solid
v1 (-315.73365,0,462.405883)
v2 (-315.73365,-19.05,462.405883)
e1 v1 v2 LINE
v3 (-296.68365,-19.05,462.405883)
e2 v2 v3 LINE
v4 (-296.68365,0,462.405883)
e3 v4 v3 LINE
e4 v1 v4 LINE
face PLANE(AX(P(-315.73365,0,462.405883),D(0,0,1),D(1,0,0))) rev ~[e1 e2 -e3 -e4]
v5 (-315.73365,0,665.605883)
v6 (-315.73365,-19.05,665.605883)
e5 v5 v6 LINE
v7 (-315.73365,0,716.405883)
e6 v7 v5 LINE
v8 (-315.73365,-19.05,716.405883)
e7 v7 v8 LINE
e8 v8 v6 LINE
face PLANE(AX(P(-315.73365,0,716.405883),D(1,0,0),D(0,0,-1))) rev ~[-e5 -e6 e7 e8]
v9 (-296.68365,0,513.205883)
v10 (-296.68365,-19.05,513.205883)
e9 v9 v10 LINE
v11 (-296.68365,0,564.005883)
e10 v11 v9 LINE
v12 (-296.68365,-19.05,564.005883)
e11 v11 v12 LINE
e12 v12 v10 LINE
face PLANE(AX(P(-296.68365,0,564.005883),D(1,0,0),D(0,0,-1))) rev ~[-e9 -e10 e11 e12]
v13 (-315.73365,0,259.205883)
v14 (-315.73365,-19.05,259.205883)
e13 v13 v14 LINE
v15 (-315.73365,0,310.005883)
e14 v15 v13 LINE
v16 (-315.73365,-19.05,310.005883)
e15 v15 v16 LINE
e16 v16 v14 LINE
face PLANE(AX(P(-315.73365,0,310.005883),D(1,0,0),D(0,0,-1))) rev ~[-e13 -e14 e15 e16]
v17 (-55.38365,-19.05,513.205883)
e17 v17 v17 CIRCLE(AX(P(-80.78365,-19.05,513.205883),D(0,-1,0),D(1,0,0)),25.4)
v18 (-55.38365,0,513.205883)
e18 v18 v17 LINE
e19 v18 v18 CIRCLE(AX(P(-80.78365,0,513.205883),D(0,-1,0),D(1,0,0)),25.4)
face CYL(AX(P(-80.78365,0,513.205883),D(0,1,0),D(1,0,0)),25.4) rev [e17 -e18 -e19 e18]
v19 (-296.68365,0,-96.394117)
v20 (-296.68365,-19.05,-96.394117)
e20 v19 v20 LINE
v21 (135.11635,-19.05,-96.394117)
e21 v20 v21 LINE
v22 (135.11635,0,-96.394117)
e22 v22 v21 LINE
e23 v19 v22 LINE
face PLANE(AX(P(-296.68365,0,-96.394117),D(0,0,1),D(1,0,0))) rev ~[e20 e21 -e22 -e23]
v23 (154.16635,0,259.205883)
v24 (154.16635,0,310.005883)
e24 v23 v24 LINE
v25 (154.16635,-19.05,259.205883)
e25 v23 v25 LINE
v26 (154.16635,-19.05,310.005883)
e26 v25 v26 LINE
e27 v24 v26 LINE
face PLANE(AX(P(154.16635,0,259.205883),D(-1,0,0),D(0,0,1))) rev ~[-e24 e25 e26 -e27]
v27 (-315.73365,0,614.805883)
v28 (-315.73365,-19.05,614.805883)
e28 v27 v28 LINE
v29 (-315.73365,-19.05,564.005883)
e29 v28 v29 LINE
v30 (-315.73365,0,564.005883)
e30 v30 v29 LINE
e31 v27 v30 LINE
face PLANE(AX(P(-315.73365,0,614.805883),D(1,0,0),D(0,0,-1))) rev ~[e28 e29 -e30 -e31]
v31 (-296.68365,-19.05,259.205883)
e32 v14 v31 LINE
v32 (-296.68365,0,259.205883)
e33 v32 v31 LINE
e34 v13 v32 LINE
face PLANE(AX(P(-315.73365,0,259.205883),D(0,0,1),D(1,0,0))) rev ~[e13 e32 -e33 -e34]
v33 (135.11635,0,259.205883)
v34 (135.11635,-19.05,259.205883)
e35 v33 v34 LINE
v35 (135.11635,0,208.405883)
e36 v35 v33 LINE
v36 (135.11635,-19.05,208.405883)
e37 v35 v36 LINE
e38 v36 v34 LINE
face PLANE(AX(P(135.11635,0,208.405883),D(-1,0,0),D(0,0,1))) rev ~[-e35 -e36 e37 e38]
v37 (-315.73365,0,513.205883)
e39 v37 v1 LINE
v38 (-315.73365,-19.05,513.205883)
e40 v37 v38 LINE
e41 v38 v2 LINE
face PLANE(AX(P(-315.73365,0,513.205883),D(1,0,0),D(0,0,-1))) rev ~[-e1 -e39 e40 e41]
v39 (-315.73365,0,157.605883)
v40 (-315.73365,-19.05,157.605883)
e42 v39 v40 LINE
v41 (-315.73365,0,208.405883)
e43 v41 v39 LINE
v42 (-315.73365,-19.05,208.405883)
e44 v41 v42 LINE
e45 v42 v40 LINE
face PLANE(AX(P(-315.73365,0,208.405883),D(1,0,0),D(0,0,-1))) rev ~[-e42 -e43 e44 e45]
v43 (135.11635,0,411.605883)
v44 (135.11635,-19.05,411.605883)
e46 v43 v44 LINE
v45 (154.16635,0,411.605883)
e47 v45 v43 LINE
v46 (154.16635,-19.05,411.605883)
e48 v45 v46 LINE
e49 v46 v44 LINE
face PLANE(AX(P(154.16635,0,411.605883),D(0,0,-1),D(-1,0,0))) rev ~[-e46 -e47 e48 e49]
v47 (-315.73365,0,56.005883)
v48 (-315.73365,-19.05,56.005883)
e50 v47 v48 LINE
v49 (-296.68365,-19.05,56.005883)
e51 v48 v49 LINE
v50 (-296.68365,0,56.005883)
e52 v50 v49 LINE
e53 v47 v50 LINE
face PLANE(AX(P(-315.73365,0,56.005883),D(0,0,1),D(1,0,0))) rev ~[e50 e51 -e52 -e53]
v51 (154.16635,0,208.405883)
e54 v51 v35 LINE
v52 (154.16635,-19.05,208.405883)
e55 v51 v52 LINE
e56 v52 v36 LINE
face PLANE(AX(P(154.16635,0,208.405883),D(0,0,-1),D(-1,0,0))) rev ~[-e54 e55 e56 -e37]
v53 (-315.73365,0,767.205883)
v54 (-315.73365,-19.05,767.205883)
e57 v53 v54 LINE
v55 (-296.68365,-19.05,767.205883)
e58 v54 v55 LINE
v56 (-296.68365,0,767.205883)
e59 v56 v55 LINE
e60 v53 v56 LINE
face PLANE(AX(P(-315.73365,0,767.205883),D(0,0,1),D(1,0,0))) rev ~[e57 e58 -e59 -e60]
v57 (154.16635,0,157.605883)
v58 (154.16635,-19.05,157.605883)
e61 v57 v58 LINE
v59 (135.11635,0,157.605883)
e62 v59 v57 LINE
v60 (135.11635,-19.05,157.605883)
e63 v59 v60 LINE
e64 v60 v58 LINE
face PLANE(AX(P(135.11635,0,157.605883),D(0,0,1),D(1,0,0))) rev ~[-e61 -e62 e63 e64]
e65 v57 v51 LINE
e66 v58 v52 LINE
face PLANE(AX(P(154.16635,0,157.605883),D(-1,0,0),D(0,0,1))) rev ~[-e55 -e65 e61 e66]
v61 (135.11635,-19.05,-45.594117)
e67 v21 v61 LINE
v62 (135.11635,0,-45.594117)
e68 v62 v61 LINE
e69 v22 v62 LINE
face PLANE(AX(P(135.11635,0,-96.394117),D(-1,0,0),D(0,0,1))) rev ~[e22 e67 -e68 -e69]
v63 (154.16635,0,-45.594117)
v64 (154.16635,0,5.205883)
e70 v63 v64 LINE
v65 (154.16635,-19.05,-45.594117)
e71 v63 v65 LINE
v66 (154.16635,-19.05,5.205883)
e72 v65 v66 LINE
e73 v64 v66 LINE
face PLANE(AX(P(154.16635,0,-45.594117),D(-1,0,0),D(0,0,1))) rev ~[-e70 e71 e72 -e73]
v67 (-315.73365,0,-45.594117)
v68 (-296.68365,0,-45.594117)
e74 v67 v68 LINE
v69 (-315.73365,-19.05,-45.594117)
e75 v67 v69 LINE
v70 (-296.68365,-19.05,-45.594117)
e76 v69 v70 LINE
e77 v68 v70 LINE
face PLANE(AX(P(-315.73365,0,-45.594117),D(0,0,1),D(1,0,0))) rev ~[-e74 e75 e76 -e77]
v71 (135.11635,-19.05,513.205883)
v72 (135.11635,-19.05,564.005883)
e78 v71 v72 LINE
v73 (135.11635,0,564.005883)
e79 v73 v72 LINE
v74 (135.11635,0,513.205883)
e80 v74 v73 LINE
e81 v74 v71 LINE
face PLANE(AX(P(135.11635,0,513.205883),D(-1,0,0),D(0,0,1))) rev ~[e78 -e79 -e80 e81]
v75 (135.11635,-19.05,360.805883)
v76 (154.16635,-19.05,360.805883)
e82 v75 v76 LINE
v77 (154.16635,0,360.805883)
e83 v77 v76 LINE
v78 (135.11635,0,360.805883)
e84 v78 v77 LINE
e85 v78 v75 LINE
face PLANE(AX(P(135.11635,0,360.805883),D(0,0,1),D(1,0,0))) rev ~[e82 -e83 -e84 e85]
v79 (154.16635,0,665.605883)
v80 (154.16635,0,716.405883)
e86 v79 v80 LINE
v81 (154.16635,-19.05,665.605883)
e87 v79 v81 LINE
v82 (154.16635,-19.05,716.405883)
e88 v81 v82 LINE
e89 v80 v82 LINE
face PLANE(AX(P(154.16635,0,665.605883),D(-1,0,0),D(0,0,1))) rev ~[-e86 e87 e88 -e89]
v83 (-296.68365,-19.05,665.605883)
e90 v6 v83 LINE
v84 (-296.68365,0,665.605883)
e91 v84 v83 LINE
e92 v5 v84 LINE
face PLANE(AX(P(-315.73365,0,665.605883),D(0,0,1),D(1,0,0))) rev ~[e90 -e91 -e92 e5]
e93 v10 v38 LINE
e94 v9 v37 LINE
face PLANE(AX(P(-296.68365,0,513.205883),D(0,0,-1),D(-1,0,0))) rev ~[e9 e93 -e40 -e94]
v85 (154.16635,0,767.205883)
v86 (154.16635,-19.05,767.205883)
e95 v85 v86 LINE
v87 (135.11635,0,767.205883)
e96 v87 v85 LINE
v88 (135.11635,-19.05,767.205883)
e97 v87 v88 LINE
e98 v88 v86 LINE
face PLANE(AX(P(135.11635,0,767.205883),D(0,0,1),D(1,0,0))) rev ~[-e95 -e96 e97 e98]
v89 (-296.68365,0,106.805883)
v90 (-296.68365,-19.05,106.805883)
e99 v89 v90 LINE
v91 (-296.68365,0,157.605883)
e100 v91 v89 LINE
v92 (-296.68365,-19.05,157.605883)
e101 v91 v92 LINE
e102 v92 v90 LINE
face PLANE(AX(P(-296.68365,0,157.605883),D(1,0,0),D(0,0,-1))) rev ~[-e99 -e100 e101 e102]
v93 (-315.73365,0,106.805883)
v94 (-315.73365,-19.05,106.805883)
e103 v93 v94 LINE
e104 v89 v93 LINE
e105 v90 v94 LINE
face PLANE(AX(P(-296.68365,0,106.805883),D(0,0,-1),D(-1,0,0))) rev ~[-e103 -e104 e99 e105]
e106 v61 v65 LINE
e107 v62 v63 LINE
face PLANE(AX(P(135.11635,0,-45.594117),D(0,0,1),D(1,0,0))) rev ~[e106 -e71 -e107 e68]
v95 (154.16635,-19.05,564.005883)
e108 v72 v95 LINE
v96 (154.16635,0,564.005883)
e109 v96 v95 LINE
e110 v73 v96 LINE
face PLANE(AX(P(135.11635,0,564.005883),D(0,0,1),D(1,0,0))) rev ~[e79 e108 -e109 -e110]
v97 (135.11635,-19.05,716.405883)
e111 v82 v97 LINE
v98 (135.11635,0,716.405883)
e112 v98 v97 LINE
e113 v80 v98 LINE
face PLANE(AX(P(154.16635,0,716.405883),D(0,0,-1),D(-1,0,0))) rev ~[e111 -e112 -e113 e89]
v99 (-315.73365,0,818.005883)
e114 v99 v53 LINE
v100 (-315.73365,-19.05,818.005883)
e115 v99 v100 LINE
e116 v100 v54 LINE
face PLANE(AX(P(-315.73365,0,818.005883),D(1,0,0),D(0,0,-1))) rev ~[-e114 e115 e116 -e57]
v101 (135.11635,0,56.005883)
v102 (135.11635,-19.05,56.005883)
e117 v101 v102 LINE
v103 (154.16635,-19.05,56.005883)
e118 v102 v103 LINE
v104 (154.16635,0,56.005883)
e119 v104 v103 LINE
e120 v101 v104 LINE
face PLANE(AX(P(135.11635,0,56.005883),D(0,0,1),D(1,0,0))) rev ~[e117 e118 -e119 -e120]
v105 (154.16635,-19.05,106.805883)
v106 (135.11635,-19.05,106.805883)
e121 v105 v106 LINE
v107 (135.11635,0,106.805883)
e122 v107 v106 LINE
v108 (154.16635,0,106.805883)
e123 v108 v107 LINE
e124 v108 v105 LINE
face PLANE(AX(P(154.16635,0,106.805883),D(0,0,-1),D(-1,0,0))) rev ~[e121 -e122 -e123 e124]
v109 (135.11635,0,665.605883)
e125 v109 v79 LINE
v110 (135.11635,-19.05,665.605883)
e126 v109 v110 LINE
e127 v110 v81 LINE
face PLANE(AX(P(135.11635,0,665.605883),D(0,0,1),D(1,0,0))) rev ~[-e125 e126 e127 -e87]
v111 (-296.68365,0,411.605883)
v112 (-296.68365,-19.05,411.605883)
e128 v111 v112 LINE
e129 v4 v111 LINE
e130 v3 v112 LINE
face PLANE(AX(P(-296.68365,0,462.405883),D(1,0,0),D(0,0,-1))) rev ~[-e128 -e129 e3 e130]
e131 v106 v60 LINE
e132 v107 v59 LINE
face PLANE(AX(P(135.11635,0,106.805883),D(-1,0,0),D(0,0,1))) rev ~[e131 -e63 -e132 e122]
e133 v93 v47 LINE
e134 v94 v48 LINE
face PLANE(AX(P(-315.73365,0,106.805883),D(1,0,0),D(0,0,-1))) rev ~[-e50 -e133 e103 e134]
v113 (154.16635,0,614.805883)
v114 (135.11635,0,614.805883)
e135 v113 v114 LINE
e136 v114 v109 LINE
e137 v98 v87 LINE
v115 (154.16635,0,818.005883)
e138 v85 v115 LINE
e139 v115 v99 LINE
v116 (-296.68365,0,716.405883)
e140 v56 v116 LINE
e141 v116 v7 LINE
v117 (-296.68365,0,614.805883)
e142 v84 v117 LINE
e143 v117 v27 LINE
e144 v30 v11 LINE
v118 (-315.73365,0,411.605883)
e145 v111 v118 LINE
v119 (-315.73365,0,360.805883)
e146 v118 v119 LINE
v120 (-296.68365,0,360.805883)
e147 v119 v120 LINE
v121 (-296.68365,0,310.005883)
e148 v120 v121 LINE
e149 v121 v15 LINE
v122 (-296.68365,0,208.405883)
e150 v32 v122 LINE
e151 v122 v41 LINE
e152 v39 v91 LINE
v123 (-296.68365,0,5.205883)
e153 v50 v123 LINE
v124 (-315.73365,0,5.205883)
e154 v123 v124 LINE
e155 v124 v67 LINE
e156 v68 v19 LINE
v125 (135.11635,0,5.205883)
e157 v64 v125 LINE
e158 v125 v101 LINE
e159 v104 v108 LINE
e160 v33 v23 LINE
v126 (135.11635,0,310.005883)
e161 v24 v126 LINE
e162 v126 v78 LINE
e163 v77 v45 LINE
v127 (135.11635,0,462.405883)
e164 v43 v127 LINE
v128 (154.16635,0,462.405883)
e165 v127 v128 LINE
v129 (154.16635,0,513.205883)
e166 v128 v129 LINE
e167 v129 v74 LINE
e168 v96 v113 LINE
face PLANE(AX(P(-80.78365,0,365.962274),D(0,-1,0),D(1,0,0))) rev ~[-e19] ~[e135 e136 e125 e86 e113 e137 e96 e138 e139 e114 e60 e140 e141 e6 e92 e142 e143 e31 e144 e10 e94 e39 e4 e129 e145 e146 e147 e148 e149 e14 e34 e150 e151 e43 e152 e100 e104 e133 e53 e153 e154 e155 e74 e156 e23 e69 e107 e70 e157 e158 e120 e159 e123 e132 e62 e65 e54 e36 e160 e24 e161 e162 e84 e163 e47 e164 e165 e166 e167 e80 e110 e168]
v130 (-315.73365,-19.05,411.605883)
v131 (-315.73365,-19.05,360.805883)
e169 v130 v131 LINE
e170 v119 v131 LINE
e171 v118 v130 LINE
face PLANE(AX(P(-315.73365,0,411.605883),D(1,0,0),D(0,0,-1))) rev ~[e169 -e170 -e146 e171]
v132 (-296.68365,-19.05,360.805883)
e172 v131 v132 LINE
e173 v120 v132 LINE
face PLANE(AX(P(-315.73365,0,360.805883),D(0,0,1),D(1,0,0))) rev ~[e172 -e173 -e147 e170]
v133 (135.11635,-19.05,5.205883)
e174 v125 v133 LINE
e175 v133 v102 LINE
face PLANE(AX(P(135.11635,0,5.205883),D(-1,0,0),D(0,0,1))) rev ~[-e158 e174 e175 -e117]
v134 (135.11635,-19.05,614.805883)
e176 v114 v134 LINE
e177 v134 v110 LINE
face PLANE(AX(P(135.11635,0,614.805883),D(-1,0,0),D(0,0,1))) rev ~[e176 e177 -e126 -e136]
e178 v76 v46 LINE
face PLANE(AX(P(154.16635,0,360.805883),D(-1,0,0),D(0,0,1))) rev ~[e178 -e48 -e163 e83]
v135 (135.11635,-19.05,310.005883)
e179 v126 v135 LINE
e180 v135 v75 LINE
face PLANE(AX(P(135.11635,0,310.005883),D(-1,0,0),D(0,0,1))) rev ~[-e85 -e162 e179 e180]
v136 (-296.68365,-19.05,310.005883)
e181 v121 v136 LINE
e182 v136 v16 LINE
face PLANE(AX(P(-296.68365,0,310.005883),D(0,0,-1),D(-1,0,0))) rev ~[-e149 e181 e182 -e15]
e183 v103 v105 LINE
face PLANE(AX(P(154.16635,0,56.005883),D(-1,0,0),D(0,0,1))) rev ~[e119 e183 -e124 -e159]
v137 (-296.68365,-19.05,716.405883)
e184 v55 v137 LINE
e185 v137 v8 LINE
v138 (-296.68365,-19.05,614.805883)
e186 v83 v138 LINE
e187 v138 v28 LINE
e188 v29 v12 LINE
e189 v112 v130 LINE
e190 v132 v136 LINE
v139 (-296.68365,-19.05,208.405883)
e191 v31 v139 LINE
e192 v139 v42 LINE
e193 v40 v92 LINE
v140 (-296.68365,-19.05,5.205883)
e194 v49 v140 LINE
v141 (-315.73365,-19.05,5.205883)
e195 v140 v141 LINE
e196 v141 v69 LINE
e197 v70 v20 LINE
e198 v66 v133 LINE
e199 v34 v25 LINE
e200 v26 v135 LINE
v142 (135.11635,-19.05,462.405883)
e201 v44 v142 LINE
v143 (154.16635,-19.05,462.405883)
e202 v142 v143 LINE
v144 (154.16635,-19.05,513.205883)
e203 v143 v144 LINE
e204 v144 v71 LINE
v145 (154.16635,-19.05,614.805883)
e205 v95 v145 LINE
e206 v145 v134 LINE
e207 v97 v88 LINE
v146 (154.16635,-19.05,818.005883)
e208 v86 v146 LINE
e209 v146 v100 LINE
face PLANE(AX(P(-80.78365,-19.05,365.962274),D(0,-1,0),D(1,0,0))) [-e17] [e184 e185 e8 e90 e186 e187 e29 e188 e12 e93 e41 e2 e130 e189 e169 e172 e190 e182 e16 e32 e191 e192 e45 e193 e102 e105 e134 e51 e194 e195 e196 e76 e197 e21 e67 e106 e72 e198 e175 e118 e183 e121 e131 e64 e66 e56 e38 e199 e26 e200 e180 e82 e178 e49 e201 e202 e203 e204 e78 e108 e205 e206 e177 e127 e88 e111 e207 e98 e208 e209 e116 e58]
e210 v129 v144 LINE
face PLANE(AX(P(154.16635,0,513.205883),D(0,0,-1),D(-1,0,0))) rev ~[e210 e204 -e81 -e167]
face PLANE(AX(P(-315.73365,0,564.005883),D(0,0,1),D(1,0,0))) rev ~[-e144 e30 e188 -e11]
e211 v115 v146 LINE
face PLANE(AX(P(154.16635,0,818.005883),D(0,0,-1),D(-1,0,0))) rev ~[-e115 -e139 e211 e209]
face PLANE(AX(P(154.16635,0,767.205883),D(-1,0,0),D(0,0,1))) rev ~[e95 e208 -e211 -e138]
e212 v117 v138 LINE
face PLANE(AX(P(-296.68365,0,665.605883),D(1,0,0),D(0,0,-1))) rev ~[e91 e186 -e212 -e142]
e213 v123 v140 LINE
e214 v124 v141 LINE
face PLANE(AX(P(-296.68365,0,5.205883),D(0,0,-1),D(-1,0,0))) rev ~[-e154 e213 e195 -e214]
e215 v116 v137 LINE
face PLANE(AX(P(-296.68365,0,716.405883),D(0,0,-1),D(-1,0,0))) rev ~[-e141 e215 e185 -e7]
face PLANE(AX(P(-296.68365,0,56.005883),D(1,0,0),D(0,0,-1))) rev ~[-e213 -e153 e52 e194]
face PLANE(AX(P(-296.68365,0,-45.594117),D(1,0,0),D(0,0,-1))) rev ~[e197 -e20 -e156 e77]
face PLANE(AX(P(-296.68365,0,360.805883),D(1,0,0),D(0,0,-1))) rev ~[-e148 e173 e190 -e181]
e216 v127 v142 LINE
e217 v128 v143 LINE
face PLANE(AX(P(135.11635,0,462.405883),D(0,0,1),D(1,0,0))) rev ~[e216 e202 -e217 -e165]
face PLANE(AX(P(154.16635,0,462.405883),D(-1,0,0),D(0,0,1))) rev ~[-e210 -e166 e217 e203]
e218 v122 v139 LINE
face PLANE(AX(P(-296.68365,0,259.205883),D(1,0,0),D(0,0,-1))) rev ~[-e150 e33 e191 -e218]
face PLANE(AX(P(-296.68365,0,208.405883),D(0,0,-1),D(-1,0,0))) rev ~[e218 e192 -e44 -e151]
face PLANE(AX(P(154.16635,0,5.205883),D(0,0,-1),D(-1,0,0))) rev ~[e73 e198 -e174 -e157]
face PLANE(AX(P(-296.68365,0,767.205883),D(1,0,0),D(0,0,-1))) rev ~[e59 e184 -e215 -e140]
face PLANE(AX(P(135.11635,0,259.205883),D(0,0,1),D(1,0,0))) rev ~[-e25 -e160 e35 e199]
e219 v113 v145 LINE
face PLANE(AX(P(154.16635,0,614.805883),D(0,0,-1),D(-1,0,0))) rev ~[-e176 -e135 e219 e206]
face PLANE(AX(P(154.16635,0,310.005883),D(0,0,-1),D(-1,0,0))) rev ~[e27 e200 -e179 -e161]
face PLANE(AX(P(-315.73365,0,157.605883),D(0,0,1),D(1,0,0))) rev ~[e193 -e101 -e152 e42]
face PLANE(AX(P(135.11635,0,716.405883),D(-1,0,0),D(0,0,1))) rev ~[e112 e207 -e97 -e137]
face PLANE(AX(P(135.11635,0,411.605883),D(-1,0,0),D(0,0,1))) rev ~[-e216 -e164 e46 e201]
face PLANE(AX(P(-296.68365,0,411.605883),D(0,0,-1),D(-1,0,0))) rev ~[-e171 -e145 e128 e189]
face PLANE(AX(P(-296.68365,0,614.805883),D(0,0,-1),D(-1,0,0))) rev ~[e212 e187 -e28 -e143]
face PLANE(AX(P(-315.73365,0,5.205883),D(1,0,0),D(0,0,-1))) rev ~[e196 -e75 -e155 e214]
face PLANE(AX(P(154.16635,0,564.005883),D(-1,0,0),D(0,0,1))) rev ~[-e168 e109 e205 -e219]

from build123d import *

# Parameters (mm, degrees)
F0_R     = 25.4
F1_DEPTH = 19.05


with BuildPart() as f1:
    # F0 (on Front) → F1 (new body)
    with BuildSketch(Plane.XZ):
        Polygon((-296.68365, -45.594117), (-296.68365, -96.394117), (135.11635, -96.394117), (135.11635, -45.594117), (154.16635, -45.594117), (154.16635, 5.205883), (135.11635, 5.205883), (135.11635, 56.005883), (154.16635, 56.005883), (154.16635, 106.805883), (135.11635, 106.805883), (135.11635, 157.605883), (154.16635, 157.605883), (154.16635, 208.405883), (135.11635, 208.405883), (135.11635, 259.205883), (154.16635, 259.205883), (154.16635, 310.005883), (135.11635, 310.005883), (135.11635, 360.805883), (154.16635, 360.805883), (154.16635, 411.605883), (135.11635, 411.605883), (135.11635, 462.405883), (154.16635, 462.405883), (154.16635, 513.205883), (135.11635, 513.205883), (135.11635, 564.005883), (154.16635, 564.005883), (154.16635, 614.805883), (135.11635, 614.805883), (135.11635, 665.605883), (154.16635, 665.605883), (154.16635, 716.405883), (135.11635, 716.405883), (135.11635, 767.205883), (154.16635, 767.205883), (154.16635, 818.005883), (135.11635, 818.005883), (-296.68365, 818.005883), (-315.73365, 818.005883), (-315.73365, 767.205883), (-296.68365, 767.205883), (-296.68365, 716.405883), (-315.73365, 716.405883), (-315.73365, 665.605883), (-296.68365, 665.605883), (-296.68365, 614.805883), (-315.73365, 614.805883), (-315.73365, 564.005883), (-296.68365, 564.005883), (-296.68365, 513.205883), (-315.73365, 513.205883), (-315.73365, 462.405883), (-296.68365, 462.405883), (-296.68365, 411.605883), (-315.73365, 411.605883), (-315.73365, 360.805883), (-296.68365, 360.805883), (-296.68365, 310.005883), (-315.73365, 310.005883), (-315.73365, 259.205883), (-296.68365, 259.205883), (-296.68365, 208.405883), (-315.73365, 208.405883), (-315.73365, 157.605883), (-296.68365, 157.605883), (-296.68365, 106.805883), (-315.73365, 106.805883), (-315.73365, 56.005883), (-296.68365, 56.005883), (-296.68365, 5.205883), (-315.73365, 5.205883), (-315.73365, -45.594117), align=None)
        with Locations((-80.78365, 513.205883)):
            Circle(F0_R, mode=Mode.SUBTRACT)
    extrude(amount=F1_DEPTH)


solid = f1.part
